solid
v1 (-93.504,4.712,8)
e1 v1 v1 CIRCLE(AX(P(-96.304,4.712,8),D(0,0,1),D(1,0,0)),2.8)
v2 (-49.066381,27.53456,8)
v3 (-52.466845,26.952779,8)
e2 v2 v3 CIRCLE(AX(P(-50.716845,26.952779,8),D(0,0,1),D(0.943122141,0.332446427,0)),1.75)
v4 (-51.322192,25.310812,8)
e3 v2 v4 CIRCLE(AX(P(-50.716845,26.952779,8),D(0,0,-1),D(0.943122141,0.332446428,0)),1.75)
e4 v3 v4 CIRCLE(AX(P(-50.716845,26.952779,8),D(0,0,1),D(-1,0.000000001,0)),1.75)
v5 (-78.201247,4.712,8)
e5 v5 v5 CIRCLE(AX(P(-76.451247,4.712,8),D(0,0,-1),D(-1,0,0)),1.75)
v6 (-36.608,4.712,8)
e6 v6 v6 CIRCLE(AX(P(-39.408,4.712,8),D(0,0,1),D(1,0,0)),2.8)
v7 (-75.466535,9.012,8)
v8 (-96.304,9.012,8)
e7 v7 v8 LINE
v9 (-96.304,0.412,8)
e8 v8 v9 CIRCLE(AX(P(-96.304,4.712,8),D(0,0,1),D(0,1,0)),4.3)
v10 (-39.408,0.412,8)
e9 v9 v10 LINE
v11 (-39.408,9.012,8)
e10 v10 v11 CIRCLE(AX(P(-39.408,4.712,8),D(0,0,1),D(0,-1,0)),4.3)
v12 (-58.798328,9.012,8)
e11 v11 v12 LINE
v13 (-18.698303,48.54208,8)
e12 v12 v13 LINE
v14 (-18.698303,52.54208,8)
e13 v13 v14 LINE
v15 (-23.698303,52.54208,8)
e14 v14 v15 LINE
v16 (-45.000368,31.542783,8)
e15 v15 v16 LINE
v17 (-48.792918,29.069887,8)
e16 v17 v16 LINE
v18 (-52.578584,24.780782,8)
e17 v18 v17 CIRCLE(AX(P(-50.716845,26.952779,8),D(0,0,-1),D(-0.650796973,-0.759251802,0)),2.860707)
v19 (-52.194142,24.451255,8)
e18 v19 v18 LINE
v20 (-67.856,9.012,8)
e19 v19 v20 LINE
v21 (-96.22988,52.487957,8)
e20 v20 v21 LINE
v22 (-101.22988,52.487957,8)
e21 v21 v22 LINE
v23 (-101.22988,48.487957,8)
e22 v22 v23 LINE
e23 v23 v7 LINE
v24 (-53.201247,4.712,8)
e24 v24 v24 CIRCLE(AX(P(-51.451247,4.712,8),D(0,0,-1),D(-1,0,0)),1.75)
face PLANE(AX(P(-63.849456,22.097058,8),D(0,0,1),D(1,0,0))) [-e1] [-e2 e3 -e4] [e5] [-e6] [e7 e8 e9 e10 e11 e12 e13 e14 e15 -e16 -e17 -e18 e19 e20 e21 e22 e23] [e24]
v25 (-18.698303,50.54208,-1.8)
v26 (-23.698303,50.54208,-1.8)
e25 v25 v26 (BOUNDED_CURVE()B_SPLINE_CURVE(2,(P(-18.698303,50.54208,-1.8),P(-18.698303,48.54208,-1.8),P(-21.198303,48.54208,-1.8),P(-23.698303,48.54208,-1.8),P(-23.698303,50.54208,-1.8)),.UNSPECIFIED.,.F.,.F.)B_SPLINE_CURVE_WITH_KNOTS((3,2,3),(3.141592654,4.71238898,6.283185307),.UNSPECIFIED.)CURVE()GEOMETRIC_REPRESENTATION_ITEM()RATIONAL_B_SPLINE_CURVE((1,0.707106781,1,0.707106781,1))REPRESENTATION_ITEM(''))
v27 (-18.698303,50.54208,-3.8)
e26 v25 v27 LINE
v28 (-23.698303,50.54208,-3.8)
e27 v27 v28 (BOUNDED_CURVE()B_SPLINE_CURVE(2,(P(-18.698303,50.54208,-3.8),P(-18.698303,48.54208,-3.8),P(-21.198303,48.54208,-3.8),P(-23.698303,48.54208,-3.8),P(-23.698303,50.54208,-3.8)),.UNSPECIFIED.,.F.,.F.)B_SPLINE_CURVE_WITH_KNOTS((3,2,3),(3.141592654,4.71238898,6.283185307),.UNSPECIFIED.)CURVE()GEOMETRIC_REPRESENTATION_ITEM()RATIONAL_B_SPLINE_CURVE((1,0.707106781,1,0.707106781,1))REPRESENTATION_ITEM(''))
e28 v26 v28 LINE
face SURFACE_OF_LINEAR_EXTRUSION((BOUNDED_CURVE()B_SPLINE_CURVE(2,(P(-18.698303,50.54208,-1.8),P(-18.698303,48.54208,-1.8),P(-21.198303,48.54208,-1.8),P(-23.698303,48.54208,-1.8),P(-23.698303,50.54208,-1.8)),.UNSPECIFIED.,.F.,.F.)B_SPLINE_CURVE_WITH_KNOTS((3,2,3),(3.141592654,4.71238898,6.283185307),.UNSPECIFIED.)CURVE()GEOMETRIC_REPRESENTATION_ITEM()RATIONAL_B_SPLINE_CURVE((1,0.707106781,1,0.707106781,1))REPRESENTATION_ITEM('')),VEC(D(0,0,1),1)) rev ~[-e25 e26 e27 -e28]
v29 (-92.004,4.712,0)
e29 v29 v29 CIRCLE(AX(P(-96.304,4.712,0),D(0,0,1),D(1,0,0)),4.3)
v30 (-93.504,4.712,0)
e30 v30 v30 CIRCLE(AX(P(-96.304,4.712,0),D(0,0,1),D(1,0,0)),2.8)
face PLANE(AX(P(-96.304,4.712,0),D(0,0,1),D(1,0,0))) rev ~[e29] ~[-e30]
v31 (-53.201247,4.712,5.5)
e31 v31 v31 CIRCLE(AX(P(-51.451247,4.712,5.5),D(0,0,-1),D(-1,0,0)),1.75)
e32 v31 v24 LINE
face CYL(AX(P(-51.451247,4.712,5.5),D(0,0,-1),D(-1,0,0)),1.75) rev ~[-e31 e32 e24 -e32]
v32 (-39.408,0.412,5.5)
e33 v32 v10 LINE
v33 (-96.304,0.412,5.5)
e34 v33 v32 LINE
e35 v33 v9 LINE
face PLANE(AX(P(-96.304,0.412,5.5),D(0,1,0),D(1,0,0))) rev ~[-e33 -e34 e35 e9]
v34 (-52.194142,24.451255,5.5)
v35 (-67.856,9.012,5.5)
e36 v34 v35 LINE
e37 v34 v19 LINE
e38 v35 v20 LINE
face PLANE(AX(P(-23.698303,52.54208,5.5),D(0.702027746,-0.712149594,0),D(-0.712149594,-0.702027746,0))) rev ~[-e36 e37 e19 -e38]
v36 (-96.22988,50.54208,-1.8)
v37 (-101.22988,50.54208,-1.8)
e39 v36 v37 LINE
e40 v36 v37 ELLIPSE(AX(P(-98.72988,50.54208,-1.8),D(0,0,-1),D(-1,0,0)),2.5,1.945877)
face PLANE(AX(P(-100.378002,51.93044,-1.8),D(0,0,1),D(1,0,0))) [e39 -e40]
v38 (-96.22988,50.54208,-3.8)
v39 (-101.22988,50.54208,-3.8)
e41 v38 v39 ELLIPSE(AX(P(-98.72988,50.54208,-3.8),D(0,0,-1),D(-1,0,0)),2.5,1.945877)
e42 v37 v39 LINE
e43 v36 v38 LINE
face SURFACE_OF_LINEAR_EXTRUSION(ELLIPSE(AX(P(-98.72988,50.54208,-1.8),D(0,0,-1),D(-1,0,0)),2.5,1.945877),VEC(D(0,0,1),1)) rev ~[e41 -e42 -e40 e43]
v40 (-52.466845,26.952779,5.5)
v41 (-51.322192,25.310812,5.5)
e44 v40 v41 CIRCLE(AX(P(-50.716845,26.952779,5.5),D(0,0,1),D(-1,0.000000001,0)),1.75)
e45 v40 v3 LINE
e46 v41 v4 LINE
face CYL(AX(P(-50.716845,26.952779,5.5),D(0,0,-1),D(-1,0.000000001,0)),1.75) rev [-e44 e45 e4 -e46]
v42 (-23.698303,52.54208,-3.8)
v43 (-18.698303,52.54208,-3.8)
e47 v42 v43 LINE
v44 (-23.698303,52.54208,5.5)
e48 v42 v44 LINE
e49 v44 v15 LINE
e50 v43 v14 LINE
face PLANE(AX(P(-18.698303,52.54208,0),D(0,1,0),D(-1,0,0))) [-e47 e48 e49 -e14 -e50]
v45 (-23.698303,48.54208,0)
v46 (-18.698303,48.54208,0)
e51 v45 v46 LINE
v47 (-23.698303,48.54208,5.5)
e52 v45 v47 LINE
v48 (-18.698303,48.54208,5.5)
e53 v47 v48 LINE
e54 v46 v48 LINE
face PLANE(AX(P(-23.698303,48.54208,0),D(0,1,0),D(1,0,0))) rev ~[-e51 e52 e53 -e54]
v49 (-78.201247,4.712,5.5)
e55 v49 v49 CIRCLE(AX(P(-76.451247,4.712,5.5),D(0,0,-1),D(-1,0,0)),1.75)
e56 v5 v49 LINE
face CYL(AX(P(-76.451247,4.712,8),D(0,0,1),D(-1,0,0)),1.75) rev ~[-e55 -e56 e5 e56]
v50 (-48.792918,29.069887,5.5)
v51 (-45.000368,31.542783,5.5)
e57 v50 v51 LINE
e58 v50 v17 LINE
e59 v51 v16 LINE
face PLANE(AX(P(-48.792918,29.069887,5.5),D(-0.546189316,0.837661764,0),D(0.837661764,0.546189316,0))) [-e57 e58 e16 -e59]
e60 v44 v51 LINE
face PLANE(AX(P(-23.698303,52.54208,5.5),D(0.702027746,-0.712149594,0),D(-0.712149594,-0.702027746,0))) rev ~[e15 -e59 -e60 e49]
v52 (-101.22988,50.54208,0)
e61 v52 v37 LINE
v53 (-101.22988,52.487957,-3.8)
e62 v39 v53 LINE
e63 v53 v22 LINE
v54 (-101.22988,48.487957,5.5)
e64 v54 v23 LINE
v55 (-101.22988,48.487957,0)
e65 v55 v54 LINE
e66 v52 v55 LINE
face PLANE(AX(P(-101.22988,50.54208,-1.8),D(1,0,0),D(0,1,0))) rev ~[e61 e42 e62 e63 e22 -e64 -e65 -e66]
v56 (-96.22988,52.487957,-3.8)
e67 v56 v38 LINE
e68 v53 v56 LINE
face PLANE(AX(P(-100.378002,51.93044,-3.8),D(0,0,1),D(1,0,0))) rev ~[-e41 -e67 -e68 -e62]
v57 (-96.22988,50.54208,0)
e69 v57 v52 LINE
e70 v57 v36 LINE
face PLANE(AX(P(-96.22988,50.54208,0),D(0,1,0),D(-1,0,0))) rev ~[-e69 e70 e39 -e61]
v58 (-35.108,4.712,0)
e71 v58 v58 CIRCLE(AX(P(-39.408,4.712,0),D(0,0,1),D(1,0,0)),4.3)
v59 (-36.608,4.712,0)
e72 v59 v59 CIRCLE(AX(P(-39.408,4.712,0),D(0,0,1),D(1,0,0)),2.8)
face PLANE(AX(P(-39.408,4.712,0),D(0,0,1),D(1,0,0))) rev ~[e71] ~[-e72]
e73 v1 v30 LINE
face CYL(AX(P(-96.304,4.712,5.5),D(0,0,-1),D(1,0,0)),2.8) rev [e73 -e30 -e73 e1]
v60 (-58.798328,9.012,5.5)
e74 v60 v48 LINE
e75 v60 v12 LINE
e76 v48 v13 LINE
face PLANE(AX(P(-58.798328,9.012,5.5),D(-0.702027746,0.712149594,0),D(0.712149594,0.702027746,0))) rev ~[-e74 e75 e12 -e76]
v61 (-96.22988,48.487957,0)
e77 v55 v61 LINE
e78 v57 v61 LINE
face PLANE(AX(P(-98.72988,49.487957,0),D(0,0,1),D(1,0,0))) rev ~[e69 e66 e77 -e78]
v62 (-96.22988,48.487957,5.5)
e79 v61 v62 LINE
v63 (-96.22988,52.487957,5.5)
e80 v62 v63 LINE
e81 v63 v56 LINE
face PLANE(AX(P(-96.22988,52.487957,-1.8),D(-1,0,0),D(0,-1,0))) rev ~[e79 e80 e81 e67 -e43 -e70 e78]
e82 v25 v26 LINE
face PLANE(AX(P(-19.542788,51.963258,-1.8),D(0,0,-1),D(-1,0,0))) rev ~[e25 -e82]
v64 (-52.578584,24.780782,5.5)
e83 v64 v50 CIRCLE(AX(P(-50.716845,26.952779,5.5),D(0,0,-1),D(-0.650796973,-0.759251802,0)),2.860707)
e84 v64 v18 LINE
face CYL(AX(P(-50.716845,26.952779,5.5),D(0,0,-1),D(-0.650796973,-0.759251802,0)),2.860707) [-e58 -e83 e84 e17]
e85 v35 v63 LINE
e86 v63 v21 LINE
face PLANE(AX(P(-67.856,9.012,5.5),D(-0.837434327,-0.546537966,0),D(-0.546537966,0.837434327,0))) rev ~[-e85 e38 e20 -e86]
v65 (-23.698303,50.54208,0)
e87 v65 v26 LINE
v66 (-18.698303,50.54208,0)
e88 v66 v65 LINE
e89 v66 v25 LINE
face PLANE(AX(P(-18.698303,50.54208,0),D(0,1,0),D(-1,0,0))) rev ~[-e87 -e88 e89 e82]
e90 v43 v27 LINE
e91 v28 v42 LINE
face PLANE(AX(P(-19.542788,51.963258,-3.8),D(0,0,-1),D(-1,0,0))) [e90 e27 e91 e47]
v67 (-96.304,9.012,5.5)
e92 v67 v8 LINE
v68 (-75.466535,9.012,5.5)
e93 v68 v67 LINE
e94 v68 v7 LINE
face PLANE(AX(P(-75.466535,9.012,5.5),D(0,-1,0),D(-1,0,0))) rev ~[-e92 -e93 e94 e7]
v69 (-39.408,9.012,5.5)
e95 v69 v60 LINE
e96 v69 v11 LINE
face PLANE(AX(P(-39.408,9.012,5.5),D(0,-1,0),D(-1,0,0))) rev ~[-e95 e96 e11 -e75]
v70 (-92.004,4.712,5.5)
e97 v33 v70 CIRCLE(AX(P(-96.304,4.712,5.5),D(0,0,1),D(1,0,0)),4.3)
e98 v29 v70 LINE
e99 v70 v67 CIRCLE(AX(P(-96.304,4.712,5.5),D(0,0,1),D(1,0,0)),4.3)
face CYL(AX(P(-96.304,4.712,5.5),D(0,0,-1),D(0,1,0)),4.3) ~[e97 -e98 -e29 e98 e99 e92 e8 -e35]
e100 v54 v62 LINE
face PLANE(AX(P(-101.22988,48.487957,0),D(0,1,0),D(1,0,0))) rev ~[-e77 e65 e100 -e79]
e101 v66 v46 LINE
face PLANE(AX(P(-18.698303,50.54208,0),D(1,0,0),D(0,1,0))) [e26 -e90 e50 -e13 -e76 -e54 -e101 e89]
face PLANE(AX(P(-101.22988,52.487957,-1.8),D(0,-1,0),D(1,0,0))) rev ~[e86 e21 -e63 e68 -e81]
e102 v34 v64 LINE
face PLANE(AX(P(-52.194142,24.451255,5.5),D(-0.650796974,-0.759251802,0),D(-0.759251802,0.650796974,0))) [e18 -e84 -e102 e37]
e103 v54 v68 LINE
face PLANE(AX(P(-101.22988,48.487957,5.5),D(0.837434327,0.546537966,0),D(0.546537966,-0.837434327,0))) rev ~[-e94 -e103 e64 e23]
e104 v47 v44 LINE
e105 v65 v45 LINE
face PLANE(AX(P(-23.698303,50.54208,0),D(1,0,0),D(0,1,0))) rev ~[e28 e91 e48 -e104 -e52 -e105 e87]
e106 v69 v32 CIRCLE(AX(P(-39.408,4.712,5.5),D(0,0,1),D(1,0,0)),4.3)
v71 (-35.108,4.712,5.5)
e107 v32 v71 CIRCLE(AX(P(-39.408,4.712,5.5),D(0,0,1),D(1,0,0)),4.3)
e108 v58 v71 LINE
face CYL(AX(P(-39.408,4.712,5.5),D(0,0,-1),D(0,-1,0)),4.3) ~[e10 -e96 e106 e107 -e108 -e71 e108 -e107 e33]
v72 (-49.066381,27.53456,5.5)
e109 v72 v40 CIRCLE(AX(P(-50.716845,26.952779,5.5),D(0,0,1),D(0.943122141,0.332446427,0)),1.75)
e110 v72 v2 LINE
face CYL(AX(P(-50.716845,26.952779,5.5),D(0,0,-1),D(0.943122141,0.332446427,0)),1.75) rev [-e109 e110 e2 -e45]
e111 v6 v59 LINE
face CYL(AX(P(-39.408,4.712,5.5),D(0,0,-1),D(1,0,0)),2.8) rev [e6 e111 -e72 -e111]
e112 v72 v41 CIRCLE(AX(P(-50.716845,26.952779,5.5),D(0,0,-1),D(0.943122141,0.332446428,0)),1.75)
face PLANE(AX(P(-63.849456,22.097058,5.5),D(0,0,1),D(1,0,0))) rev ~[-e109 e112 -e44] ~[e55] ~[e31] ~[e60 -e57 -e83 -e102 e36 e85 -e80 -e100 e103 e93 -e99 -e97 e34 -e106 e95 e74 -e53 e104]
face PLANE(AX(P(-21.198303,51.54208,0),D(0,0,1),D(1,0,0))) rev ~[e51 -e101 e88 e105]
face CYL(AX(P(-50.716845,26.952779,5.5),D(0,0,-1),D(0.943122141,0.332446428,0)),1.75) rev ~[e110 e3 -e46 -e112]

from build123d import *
from build123d.topology import SkipClean

# Parameters (mm, degrees)
SKETCH1_R           = 4.3
SKETCH1_R_2         = 2.8
SKETCH1_W           = 5
SKETCH1_H           = 2
BOSS_EXTRUDE1_DEPTH = 5.5
SKETCH2_R           = 2.8
BOSS_EXTRUDE2_DEPTH = 2.5
SKETCH3_W           = 5
SKETCH3_H           = 2
SKETCH3_H_2         = 1.945877
BOSS_EXTRUDE3_DEPTH = 1.8
SKETCH4_RX          = 2.5
SKETCH4_RY          = 1.945877
BOSS_EXTRUDE4_DEPTH = 2
CUT_EXTRUDE1_REACH  = 116.662
BOSS_EXTRUDE5_DEPTH = 2.5
SKETCH7_R           = 1.75
CUT_EXTRUDE2_DEPTH  = 115.431852156
CUT_EXTRUDE3_DEPTH  = 12.446


with BuildPart() as part:
    # Sketch1 → Boss-Extrude1 (new body)
    # profile 1 of 6: a face of its own
    with BuildSketch(Plane.XY):
        with Locations((-96.304, 4.712)):
            Circle(SKETCH1_R)
        with Locations((-96.304, 4.712)):
            Circle(SKETCH1_R_2, mode=Mode.SUBTRACT)
    # profile 2 of 6: a face of its own
    with BuildSketch(Plane.XY):
        with Locations((-39.408, 4.712)):
            Circle(SKETCH1_R)
        with Locations((-39.408, 4.712)):
            Circle(SKETCH1_R_2, mode=Mode.SUBTRACT)
    # profile 3 of 6: a face of its own
    with BuildSketch(Plane.XY):
        with Locations((-98.72988, 49.487957)):
            Rectangle(SKETCH1_W, SKETCH1_H)
    # profile 4 of 6: a face of its own
    with BuildSketch(Plane.XY):
        with Locations((-98.72988, 51.487957)):
            Rectangle(SKETCH1_W, SKETCH1_H)
    # profile 5 of 6: a face of its own
    with BuildSketch(Plane.XY):
        with Locations((-21.198302598, 49.54208)):
            Rectangle(SKETCH1_W, SKETCH1_H)
    # profile 6 of 6: a face of its own
    with BuildSketch(Plane.XY):
        with Locations((-21.198302598, 51.54208)):
            Rectangle(SKETCH1_W, SKETCH1_H)
    extrude(amount=BOSS_EXTRUDE1_DEPTH)

    # Sketch2 → Boss-Extrude2 (add)
    with BuildSketch(Plane.XY.offset(5.5)):
        with BuildLine():
            Line((-96.304, 0.412), (-39.408, 0.412))
            ThreePointArc((-39.408, 0.412), (-35.108, 4.712), (-39.408, 9.012))
            Line((-39.408, 9.012), (-58.798327935, 9.012))
            Line((-58.798327935, 9.012), (-18.698302598, 48.54208))
            Line((-18.698302598, 48.54208), (-18.698302598, 52.54208))
            Line((-18.698302598, 52.54208), (-23.698302598, 52.54208))
            Line((-23.698302598, 52.54208), (-67.856, 9.012))
            Line((-67.856, 9.012), (-96.22988, 52.487957))
            Line((-96.22988, 52.487957), (-101.22988, 52.487957))
            Line((-101.22988, 52.487957), (-101.22988, 48.487957))
            Line((-101.22988, 48.487957), (-75.46653529, 9.012))
            Line((-75.46653529, 9.012), (-96.304, 9.012))
            ThreePointArc((-96.304, 9.012), (-100.604, 4.712), (-96.304, 0.412))
        make_face()
        with Locations((-96.304, 4.712)):
            Circle(SKETCH2_R, mode=Mode.SUBTRACT)
        with Locations((-39.408, 4.712)):
            Circle(SKETCH2_R, mode=Mode.SUBTRACT)
    extrude(amount=BOSS_EXTRUDE2_DEPTH)

    # Sketch3 → Boss-Extrude3 (add)
    with BuildSketch(Plane(origin=(0, 0, 0), x_dir=(-1, 0, 0), z_dir=(0, 0, -1))):
        with Locations((21.198302598, 51.54208)):
            Rectangle(SKETCH3_W, SKETCH3_H)
        with Locations((98.72988, 51.5150185)):
            Rectangle(SKETCH3_W, SKETCH3_H_2)
    extrude(amount=BOSS_EXTRUDE3_DEPTH)

    # Sketch4 → Boss-Extrude4 (add)
    with BuildSketch(Plane(origin=(0, 0, -1.8), x_dir=(-1, 0, 0), z_dir=(0, 0, -1))):
        with BuildLine():
            add(Edge.make_bspline(
                [(101.22988, 50.54208), (101.22988, 52.487957031), (98.72987996, 52.487957)],
                knots=[0, 0, 0, 1.570796343, 1.570796343, 1.570796343], degree=2, weights=[1, 0.707106776, 1]))
            Line((101.22988, 50.54208), (101.22988, 52.487957))
            Line((101.22988, 52.487957), (98.72987996, 52.487957))
        make_face()
        with BuildLine():
            Line((96.22988, 52.487957), (96.22988, 50.54208))
            add(Edge.make_bspline(
                [(98.72987996, 52.487957), (96.22988, 52.487956969), (96.22988, 50.54208)],
                knots=[1.570796343, 1.570796343, 1.570796343, 3.141592654, 3.141592654, 3.141592654], degree=2, weights=[1, 0.707106787, 1]))
            Line((98.72987996, 52.487957), (96.22988, 52.487957))
        make_face()
        with Locations((98.72988, 50.54208)):
            Ellipse(SKETCH4_RX, SKETCH4_RY)
        with BuildLine():
            Line((18.698302598, 52.54208), (18.698302598, 50.54208))
            add(Edge.make_bspline(
                [(21.198302598, 52.54208), (18.698302598, 52.54208), (18.698302598, 50.54208)],
                knots=[1.570796327, 1.570796327, 1.570796327, 3.141592654, 3.141592654, 3.141592654], degree=2, weights=[1, 0.707106781, 1]))
            Line((21.198302598, 52.54208), (18.698302598, 52.54208))
        make_face()
        with BuildLine():
            add(Edge.make_bspline(
                [(23.698302598, 50.54208), (23.698302598, 52.54208), (21.198302598, 52.54208)],
                knots=[0, 0, 0, 1.570796327, 1.570796327, 1.570796327], degree=2, weights=[1, 0.707106781, 1]))
            Line((23.698302598, 50.54208), (23.698302598, 52.54208))
            Line((23.698302598, 52.54208), (21.198302598, 52.54208))
        make_face()
        with BuildLine():
            Line((23.698302598, 50.54208), (18.698302598, 50.54208))
            add(Edge.make_bspline(
                [(18.698302598, 50.54208), (18.698302598, 48.54208), (21.198302598, 48.54208), (23.698302598, 48.54208), (23.698302598, 50.54208)],
                knots=[3.141592654, 3.141592654, 3.141592654, 4.71238898, 4.71238898, 6.283185307, 6.283185307, 6.283185307], degree=2, weights=[1, 0.707106781, 1, 0.707106781, 1]))
        make_face()
        with BuildLine():
            add(Edge.make_bspline(
                [(21.198302598, 52.54208), (18.698302598, 52.54208), (18.698302598, 50.54208)],
                knots=[1.570796327, 1.570796327, 1.570796327, 3.141592654, 3.141592654, 3.141592654], degree=2, weights=[1, 0.707106781, 1]))
            Line((18.698302598, 50.54208), (23.698302598, 50.54208))
            add(Edge.make_bspline(
                [(23.698302598, 50.54208), (23.698302598, 52.54208), (21.198302598, 52.54208)],
                knots=[0, 0, 0, 1.570796327, 1.570796327, 1.570796327], degree=2, weights=[1, 0.707106781, 1]))
        make_face()
        with BuildLine():
            Line((23.698302598, 50.54208), (18.698302598, 50.54208))
            add(Edge.make_bspline(
                [(18.698302598, 50.54208), (18.698302598, 48.54208), (21.198302598, 48.54208), (23.698302598, 48.54208), (23.698302598, 50.54208)],
                knots=[3.141592654, 3.141592654, 3.141592654, 4.71238898, 4.71238898, 6.283185307, 6.283185307, 6.283185307], degree=2, weights=[1, 0.707106781, 1, 0.707106781, 1]))
        make_face()
        with BuildLine():
            add(Edge.make_bspline(
                [(21.198302598, 52.54208), (18.698302598, 52.54208), (18.698302598, 50.54208)],
                knots=[1.570796327, 1.570796327, 1.570796327, 3.141592654, 3.141592654, 3.141592654], degree=2, weights=[1, 0.707106781, 1]))
            Line((18.698302598, 50.54208), (23.698302598, 50.54208))
            add(Edge.make_bspline(
                [(23.698302598, 50.54208), (23.698302598, 52.54208), (21.198302598, 52.54208)],
                knots=[0, 0, 0, 1.570796327, 1.570796327, 1.570796327], degree=2, weights=[1, 0.707106781, 1]))
        make_face()
    extrude(amount=BOSS_EXTRUDE4_DEPTH)

    # Sketch5 → Cut-Extrude1 (cut, up to next)
    with BuildSketch(Plane.XY.offset(8), mode=Mode.PRIVATE) as cut_extrude1_sk1:
        with BuildLine():
            ThreePointArc((-78.201246925, 4.712), (-76.451246925, 2.962), (-74.701246925, 4.712))
            Line((-74.701246925, 4.712), (-78.201246925, 4.712))
        make_face()
    cut_extrude1_tool1 = extrude(cut_extrude1_sk1.sketch, amount=-CUT_EXTRUDE1_REACH, mode=Mode.PRIVATE) & part.part
    # Sketch5 → Cut-Extrude1 (cut, up to next)
    with BuildSketch(Plane.XY.offset(8), mode=Mode.PRIVATE) as cut_extrude1_sk2:
        with BuildLine():
            Line((-78.201246925, 4.712), (-74.701246925, 4.712))
            ThreePointArc((-74.701246925, 4.712), (-76.451246925, 6.462), (-78.201246925, 4.712))
        make_face()
    cut_extrude1_tool2 = extrude(cut_extrude1_sk2.sketch, amount=-CUT_EXTRUDE1_REACH, mode=Mode.PRIVATE) & part.part
    # Sketch5 → Cut-Extrude1 (cut, up to next)
    with BuildSketch(Plane.XY.offset(8), mode=Mode.PRIVATE) as cut_extrude1_sk3:
        with BuildLine():
            ThreePointArc((-78.201246925, 4.712), (-76.451246925, 2.962), (-74.701246925, 4.712))
            Line((-74.701246925, 4.712), (-78.201246925, 4.712))
        make_face()
    cut_extrude1_tool3 = extrude(cut_extrude1_sk3.sketch, amount=-CUT_EXTRUDE1_REACH, mode=Mode.PRIVATE) & part.part
    # Sketch5 → Cut-Extrude1 (cut, up to next)
    with BuildSketch(Plane.XY.offset(8), mode=Mode.PRIVATE) as cut_extrude1_sk4:
        with BuildLine():
            Line((-78.201246925, 4.712), (-74.701246925, 4.712))
            ThreePointArc((-74.701246925, 4.712), (-76.451246925, 6.462), (-78.201246925, 4.712))
        make_face()
    cut_extrude1_tool4 = extrude(cut_extrude1_sk4.sketch, amount=-CUT_EXTRUDE1_REACH, mode=Mode.PRIVATE) & part.part
    add(cut_extrude1_tool1.solids().sort_by_distance((-76.451247, 3.969277, 8))[0], mode=Mode.SUBTRACT)
    add(cut_extrude1_tool2.solids().sort_by_distance((-76.451247, 5.454723, 8))[0], mode=Mode.SUBTRACT)
    add(cut_extrude1_tool3.solids().sort_by_distance((-76.451247, 3.969277, 8))[0], mode=Mode.SUBTRACT)
    add(cut_extrude1_tool4.solids().sort_by_distance((-76.451247, 5.454723, 8))[0], mode=Mode.SUBTRACT)

    # Sketch6 → Boss-Extrude5 (add, through all)
    with BuildSketch(Plane(origin=(0, 0, 5.5), x_dir=(-1, 0, 0), z_dir=(0, 0, -1))):
        with BuildLine():
            Line((52.194141657, 24.451254914), (52.578584331, 24.780782125))
            ThreePointArc((52.578584331, 24.780782125), (52.86162294, 28.845811152), (48.792917769, 29.069887196))
            Line((48.792917769, 29.069887196), (45.000367772, 31.542783031))
            Line((45.000367772, 31.542783031), (49.066381254, 27.534560172))
            ThreePointArc((49.066381254, 27.534560172), (51.011962302, 28.67771538), (52.466845, 26.952778923))
            ThreePointArc((52.466845, 26.952778923), (52.152438331, 25.951993337), (51.322191527, 25.310811938))
            Line((51.322191527, 25.310811938), (52.194141657, 24.451254914))
        make_face()
    extrude(amount=-BOSS_EXTRUDE5_DEPTH)

    # Sketch7 → Cut-Extrude2 (cut, through all)
    with BuildSketch(Plane(origin=(0, 0, 5.5), x_dir=(-1, 0, 0), z_dir=(0, 0, -1))):
        with Locations((51.451246925, 4.712)):
            Circle(SKETCH7_R)
    extrude(amount=-CUT_EXTRUDE2_DEPTH, mode=Mode.SUBTRACT)

    # Sketch6<3> → Cut-Extrude3 (cut)
    with SkipClean():  # the faces are left unmerged after this step: merging them gives an invalid solid
        with BuildSketch(Plane(origin=(0, 0, 5.5), x_dir=(-1, 0, 0), z_dir=(0, 0, -1))):
            with BuildLine():
                ThreePointArc((49.066381254, 27.534560172), (49.488296444, 25.706517135), (51.322191527, 25.310811938))
                Line((51.322191527, 25.310811938), (49.066381254, 27.534560172))
            make_face()
            with BuildLine():
                Line((49.066381254, 27.534560172), (51.322191527, 25.310811938))
                ThreePointArc((51.322191527, 25.310811938), (52.152438331, 25.951993337), (52.466845, 26.952778923))
                ThreePointArc((52.466845, 26.952778923), (51.011962302, 28.67771538), (49.066381254, 27.534560172))
            make_face()
        extrude(amount=-CUT_EXTRUDE3_DEPTH, mode=Mode.SUBTRACT)


solid = part.part
